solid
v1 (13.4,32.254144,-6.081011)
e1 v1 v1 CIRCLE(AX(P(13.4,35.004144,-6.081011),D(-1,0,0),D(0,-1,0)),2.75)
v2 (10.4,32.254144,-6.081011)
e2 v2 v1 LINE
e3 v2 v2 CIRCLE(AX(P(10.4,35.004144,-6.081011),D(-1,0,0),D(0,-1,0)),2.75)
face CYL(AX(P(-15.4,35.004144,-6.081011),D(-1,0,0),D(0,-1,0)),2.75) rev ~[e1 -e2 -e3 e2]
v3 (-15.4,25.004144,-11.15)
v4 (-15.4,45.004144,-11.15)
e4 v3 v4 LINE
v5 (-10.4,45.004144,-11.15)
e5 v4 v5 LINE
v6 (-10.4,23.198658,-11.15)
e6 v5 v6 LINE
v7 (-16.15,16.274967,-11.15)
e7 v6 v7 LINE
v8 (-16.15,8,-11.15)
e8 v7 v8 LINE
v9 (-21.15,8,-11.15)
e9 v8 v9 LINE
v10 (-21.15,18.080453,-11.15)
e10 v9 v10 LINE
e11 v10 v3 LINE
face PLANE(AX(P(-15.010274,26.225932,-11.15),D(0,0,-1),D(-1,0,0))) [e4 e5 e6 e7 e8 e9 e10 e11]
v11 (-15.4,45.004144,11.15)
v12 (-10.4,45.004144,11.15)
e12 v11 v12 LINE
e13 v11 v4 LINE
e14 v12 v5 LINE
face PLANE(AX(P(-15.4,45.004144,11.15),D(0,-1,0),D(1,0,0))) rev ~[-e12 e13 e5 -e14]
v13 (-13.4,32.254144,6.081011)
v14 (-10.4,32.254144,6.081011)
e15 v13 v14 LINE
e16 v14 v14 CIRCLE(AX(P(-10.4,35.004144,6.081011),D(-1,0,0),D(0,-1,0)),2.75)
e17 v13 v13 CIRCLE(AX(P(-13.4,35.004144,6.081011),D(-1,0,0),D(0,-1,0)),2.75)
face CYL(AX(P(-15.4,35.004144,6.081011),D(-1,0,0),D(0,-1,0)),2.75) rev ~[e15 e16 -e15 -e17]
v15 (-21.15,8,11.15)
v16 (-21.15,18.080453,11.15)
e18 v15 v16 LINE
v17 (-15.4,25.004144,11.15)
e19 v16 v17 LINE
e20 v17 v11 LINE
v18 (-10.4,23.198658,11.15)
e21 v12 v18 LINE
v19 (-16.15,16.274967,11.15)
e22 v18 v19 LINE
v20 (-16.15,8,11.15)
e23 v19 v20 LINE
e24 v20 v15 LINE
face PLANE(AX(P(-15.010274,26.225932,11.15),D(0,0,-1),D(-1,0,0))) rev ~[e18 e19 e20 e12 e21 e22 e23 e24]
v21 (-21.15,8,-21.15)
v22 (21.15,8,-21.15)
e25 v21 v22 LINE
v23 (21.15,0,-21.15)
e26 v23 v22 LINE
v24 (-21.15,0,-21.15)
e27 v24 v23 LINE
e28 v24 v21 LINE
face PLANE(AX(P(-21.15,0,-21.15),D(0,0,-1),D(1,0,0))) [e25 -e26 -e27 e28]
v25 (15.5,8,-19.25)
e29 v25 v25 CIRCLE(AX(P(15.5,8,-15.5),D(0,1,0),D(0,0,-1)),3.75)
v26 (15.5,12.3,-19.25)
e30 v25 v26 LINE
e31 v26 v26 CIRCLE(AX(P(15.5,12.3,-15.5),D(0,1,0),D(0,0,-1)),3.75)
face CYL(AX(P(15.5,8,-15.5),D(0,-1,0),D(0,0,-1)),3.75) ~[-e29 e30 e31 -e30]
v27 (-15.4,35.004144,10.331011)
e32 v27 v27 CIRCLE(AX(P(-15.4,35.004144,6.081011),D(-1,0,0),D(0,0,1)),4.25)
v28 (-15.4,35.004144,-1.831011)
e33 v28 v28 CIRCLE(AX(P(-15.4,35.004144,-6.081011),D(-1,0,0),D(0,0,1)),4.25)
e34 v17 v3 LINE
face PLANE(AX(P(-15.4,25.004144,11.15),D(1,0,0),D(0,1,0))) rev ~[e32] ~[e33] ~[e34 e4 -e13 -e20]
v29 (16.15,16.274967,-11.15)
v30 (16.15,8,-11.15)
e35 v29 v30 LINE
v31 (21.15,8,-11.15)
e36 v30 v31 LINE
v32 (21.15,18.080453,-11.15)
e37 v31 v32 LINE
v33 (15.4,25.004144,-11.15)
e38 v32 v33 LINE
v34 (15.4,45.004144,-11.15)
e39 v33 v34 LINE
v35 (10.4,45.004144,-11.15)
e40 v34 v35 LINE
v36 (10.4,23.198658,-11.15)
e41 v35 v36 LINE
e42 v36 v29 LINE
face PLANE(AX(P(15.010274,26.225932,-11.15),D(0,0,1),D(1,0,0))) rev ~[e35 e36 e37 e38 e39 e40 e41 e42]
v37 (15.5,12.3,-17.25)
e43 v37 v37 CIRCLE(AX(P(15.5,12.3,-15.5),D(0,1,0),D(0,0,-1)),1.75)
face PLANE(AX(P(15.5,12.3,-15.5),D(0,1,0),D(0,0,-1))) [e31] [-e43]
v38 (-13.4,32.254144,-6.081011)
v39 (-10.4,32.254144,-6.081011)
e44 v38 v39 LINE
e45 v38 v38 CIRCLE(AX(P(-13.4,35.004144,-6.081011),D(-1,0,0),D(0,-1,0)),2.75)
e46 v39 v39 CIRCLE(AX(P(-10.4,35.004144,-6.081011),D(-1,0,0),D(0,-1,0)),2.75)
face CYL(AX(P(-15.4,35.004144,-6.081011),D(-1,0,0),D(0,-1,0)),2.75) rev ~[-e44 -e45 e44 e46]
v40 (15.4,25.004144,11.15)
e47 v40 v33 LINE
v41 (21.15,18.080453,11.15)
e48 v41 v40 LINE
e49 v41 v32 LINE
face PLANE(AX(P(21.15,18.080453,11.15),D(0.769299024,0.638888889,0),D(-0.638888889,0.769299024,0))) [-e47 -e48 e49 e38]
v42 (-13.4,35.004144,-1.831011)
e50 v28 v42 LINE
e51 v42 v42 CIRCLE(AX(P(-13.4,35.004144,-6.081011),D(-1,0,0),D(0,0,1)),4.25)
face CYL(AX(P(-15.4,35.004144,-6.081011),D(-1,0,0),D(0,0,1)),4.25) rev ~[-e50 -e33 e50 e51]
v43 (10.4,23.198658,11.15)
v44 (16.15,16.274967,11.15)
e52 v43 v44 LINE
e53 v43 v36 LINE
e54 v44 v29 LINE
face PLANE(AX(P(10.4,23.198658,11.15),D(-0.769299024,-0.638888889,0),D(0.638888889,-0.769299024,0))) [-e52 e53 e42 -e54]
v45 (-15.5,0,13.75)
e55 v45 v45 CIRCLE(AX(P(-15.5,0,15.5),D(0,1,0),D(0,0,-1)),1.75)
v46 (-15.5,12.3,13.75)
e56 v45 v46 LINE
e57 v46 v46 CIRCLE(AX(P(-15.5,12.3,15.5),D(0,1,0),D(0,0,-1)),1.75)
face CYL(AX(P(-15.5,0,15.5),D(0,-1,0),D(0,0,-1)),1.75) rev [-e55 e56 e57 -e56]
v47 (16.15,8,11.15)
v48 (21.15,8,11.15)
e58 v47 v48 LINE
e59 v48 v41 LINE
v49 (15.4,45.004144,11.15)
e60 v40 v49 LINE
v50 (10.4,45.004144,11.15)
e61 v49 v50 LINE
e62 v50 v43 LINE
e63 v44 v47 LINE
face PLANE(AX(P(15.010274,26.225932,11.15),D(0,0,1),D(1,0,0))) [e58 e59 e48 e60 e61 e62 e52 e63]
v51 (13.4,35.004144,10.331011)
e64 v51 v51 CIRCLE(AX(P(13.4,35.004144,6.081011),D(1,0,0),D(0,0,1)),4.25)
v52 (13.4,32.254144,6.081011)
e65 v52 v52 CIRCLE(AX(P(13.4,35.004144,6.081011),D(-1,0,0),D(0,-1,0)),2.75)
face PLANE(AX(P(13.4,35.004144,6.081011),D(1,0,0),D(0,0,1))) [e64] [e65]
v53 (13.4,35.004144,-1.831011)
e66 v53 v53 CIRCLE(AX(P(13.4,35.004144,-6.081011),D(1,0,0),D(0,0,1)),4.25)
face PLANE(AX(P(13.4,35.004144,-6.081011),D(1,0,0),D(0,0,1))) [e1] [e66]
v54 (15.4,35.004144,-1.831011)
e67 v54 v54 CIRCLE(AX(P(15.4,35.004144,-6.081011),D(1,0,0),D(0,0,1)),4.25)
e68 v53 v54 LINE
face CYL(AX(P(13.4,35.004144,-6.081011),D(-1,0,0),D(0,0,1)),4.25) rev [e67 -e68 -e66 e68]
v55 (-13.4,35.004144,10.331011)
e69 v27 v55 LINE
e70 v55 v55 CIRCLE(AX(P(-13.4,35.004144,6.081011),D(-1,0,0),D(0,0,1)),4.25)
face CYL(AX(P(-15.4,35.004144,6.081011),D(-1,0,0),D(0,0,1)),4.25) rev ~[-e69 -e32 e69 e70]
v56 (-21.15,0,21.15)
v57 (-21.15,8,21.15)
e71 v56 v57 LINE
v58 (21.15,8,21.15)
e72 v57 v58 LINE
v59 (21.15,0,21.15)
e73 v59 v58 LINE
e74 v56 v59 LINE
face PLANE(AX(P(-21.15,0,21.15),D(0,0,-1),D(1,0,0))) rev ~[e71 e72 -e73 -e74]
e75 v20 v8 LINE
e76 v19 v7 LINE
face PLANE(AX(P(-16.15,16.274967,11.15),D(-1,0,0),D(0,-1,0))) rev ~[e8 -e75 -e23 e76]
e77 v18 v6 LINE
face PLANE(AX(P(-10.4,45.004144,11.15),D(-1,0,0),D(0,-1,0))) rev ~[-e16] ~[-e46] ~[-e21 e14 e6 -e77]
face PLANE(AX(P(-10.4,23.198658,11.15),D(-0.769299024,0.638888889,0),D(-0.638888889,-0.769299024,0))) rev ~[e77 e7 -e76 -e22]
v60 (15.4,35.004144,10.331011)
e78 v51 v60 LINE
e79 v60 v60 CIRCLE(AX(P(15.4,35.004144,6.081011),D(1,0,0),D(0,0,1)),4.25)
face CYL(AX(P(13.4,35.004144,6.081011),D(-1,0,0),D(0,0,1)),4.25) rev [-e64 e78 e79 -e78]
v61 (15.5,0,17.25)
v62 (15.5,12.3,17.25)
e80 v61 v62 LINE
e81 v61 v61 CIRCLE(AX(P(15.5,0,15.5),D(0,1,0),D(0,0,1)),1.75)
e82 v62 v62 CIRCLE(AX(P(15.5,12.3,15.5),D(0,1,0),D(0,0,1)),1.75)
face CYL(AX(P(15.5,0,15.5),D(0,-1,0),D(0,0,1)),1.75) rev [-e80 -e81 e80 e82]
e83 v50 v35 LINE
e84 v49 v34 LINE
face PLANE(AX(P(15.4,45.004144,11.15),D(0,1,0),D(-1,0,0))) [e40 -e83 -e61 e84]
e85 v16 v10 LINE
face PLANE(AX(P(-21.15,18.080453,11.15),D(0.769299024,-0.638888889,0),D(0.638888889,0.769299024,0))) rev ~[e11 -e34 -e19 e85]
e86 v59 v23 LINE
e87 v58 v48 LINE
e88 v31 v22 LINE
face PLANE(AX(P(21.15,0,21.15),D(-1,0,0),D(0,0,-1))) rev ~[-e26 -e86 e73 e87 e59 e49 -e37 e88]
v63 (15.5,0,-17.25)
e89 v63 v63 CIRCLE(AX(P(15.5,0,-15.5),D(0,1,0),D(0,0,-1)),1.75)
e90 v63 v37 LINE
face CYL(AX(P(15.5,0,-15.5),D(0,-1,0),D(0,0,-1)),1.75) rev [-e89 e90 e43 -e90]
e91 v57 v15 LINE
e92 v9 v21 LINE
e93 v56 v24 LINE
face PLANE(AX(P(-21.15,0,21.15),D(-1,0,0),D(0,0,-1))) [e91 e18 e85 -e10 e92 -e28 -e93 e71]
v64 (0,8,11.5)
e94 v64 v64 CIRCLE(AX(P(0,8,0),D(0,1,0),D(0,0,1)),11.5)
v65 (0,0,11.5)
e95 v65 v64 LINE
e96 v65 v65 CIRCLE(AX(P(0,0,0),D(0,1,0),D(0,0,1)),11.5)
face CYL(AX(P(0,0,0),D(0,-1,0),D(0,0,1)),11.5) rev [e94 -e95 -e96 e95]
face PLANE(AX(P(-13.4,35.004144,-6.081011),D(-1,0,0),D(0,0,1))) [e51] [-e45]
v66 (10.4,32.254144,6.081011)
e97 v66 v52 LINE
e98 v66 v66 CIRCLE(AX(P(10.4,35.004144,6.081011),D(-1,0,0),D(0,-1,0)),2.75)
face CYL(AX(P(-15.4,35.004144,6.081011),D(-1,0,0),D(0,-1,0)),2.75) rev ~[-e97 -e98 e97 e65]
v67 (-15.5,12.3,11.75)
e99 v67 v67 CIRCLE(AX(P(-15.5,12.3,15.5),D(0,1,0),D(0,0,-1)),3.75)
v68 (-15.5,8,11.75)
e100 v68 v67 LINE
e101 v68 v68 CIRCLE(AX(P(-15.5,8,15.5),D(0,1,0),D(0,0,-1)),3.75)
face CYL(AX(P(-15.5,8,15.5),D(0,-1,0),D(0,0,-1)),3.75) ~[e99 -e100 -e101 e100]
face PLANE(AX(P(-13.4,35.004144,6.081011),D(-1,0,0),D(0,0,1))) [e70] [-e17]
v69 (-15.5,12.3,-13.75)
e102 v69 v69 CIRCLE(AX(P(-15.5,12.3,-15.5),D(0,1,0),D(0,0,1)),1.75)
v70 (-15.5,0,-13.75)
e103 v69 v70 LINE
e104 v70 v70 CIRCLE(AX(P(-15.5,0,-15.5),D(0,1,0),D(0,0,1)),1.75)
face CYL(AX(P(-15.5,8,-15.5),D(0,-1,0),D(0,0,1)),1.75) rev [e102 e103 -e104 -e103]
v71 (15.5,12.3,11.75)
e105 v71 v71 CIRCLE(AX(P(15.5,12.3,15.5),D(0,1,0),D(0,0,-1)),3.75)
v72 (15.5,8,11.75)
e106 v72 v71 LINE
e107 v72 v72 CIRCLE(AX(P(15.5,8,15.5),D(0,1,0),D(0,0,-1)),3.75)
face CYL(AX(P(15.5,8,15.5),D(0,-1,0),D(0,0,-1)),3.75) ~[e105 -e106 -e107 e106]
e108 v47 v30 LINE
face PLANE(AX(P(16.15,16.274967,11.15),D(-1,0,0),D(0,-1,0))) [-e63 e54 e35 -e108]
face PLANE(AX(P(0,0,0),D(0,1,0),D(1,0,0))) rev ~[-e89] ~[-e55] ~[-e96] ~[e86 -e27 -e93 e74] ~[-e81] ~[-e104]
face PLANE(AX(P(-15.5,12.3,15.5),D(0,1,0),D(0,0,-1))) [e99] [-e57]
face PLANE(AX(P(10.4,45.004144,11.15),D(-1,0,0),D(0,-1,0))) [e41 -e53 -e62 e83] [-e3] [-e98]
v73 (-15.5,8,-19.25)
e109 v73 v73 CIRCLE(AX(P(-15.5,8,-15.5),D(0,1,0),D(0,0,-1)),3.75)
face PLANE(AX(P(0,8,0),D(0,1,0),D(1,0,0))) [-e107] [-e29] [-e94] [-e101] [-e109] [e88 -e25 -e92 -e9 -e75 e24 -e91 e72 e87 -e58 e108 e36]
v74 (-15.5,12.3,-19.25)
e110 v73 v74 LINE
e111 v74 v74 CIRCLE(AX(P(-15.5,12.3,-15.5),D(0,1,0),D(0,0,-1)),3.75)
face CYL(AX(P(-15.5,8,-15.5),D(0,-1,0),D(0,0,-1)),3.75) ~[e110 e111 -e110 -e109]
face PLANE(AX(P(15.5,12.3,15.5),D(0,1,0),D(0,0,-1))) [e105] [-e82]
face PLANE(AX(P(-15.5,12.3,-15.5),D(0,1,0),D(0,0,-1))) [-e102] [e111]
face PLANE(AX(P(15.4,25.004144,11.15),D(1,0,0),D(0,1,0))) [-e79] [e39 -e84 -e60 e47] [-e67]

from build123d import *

# Parameters (mm, degrees)
SKETCH1_W           = 42.3
SKETCH1_H           = 42.3
SKETCH1_R           = 1.75
SKETCH1_R_2         = 11.5
BOSS_EXTRUDE1_DEPTH = 8
BOSS_EXTRUDE2_START = -10
BOSS_EXTRUDE2_DEPTH = 22.3
SKETCH4_R           = 2.75
CUT_EXTRUDE1_DEPTH  = 62.713839627
SKETCH5_R           = 3.75
SKETCH5_R_2         = 1.75
BOSS_EXTRUDE3_DEPTH = 4.3
SKETCH7_R           = 4.25
CUT_EXTRUDE2_DEPTH  = 2
CUT_EXTRUDE3_START  = -2
SKETCH8_R           = 4.25
CUT_EXTRUDE3_DEPTH  = 2


with BuildPart() as part:
    # Sketch1 → Boss-Extrude1 (new body)
    with BuildSketch(Plane(origin=(0, 0, 0), x_dir=(1, 0, 0), z_dir=(0, 1, 0))):
        Rectangle(SKETCH1_W, SKETCH1_H)
        with Locations(Location((-15.5, 15.5, 0), (0, 0, 270))):
            Circle(SKETCH1_R, mode=Mode.SUBTRACT)
        with Locations(Location((15.5, 15.5, 0), (0, 0, 90))):
            Circle(SKETCH1_R, mode=Mode.SUBTRACT)
        with Locations(Location((15.5, -15.5, 0), (0, 0, 270))):
            Circle(SKETCH1_R, mode=Mode.SUBTRACT)
        with Locations(Location((-15.5, -15.5, 0), (0, 0, 90))):
            Circle(SKETCH1_R, mode=Mode.SUBTRACT)
        with Locations(Location((0, 0, 0), (0, 0, 270))):
            Circle(SKETCH1_R_2, mode=Mode.SUBTRACT)
    extrude(amount=BOSS_EXTRUDE1_DEPTH)

    # Sketch3 → Boss-Extrude2 (add)
    with BuildSketch(Plane.XY.offset(21.15).offset(BOSS_EXTRUDE2_START)):
        Polygon((-21.15, 8), (-21.15, 18.080453059), (-15.4, 25.004144271), (-15.4, 45.004144271), (-10.4, 45.004144271), (-10.4, 23.198658368), (-16.15, 16.274967156), (-16.15, 8), align=None)
        Polygon((16.15, 16.274967156), (16.15, 8), (21.15, 8), (21.15, 18.080453059), (15.4, 25.004144271), (15.4, 45.004144271), (10.4, 45.004144271), (10.4, 23.198658368), align=None)
    extrude(amount=-BOSS_EXTRUDE2_DEPTH)

    # Sketch4 → Cut-Extrude1 (cut, through all)
    with BuildSketch(Plane.ZY.offset(15.4)):
        with Locations(Location((-6.081010951, 35.004144271, 0), (0, 0, 270))):
            Circle(SKETCH4_R)
        with Locations(Location((6.081010951, 35.004144271, 0), (0, 0, 270))):
            Circle(SKETCH4_R)
    extrude(amount=-CUT_EXTRUDE1_DEPTH, mode=Mode.SUBTRACT)

    # Sketch5 → Boss-Extrude3 (add)
    # profile 1 of 4: a face of its own
    with BuildSketch(Plane(origin=(0, 8, 0), x_dir=(1, 0, 0), z_dir=(0, 1, 0))):
        with Locations(Location((-15.5, 15.5, 0), (0, 0, 90))):
            Circle(SKETCH5_R)
        with Locations(Location((-15.5, 15.5, 0), (0, 0, 270))):
            Circle(SKETCH5_R_2, mode=Mode.SUBTRACT)
    # profile 2 of 4: a face of its own
    with BuildSketch(Plane(origin=(0, 8, 0), x_dir=(1, 0, 0), z_dir=(0, 1, 0))):
        with Locations(Location((15.5, 15.5, 0), (0, 0, 90))):
            Circle(SKETCH5_R)
        with Locations(Location((15.5, 15.5, 0), (0, 0, 90))):
            Circle(SKETCH5_R_2, mode=Mode.SUBTRACT)
    # profile 3 of 4: a face of its own
    with BuildSketch(Plane(origin=(0, 8, 0), x_dir=(1, 0, 0), z_dir=(0, 1, 0))):
        with Locations(Location((15.5, -15.5, 0), (0, 0, 90))):
            Circle(SKETCH5_R)
        with Locations(Location((15.5, -15.5, 0), (0, 0, 270))):
            Circle(SKETCH5_R_2, mode=Mode.SUBTRACT)
    # profile 4 of 4: a face of its own
    with BuildSketch(Plane(origin=(0, 8, 0), x_dir=(1, 0, 0), z_dir=(0, 1, 0))):
        with Locations(Location((-15.5, -15.5, 0), (0, 0, 90))):
            Circle(SKETCH5_R)
        with Locations(Location((-15.5, -15.5, 0), (0, 0, 90))):
            Circle(SKETCH5_R_2, mode=Mode.SUBTRACT)
    extrude(amount=BOSS_EXTRUDE3_DEPTH)

    # Sketch7 → Cut-Extrude2 (cut)
    with BuildSketch(Plane.ZY.offset(15.4)):
        with Locations((-6.081010951, 35.004144271)):
            Circle(SKETCH7_R)
        with Locations((6.081010951, 35.004144271)):
            Circle(SKETCH7_R)
    extrude(amount=-CUT_EXTRUDE2_DEPTH, mode=Mode.SUBTRACT)

    # Sketch8 → Cut-Extrude3 (cut)
    with BuildSketch(Plane(origin=(15.4, 0, 0), x_dir=(0, 0, -1), z_dir=(1, 0, 0)).offset(CUT_EXTRUDE3_START)):
        with Locations(Location((-6.081010951, 35.004144271, 0), (0, 0, 180))):
            Circle(SKETCH8_R)
        with Locations(Location((6.081010951, 35.004144271, 0), (0, 0, 180))):
            Circle(SKETCH8_R)
    extrude(amount=CUT_EXTRUDE3_DEPTH, mode=Mode.SUBTRACT)


solid = part.part
